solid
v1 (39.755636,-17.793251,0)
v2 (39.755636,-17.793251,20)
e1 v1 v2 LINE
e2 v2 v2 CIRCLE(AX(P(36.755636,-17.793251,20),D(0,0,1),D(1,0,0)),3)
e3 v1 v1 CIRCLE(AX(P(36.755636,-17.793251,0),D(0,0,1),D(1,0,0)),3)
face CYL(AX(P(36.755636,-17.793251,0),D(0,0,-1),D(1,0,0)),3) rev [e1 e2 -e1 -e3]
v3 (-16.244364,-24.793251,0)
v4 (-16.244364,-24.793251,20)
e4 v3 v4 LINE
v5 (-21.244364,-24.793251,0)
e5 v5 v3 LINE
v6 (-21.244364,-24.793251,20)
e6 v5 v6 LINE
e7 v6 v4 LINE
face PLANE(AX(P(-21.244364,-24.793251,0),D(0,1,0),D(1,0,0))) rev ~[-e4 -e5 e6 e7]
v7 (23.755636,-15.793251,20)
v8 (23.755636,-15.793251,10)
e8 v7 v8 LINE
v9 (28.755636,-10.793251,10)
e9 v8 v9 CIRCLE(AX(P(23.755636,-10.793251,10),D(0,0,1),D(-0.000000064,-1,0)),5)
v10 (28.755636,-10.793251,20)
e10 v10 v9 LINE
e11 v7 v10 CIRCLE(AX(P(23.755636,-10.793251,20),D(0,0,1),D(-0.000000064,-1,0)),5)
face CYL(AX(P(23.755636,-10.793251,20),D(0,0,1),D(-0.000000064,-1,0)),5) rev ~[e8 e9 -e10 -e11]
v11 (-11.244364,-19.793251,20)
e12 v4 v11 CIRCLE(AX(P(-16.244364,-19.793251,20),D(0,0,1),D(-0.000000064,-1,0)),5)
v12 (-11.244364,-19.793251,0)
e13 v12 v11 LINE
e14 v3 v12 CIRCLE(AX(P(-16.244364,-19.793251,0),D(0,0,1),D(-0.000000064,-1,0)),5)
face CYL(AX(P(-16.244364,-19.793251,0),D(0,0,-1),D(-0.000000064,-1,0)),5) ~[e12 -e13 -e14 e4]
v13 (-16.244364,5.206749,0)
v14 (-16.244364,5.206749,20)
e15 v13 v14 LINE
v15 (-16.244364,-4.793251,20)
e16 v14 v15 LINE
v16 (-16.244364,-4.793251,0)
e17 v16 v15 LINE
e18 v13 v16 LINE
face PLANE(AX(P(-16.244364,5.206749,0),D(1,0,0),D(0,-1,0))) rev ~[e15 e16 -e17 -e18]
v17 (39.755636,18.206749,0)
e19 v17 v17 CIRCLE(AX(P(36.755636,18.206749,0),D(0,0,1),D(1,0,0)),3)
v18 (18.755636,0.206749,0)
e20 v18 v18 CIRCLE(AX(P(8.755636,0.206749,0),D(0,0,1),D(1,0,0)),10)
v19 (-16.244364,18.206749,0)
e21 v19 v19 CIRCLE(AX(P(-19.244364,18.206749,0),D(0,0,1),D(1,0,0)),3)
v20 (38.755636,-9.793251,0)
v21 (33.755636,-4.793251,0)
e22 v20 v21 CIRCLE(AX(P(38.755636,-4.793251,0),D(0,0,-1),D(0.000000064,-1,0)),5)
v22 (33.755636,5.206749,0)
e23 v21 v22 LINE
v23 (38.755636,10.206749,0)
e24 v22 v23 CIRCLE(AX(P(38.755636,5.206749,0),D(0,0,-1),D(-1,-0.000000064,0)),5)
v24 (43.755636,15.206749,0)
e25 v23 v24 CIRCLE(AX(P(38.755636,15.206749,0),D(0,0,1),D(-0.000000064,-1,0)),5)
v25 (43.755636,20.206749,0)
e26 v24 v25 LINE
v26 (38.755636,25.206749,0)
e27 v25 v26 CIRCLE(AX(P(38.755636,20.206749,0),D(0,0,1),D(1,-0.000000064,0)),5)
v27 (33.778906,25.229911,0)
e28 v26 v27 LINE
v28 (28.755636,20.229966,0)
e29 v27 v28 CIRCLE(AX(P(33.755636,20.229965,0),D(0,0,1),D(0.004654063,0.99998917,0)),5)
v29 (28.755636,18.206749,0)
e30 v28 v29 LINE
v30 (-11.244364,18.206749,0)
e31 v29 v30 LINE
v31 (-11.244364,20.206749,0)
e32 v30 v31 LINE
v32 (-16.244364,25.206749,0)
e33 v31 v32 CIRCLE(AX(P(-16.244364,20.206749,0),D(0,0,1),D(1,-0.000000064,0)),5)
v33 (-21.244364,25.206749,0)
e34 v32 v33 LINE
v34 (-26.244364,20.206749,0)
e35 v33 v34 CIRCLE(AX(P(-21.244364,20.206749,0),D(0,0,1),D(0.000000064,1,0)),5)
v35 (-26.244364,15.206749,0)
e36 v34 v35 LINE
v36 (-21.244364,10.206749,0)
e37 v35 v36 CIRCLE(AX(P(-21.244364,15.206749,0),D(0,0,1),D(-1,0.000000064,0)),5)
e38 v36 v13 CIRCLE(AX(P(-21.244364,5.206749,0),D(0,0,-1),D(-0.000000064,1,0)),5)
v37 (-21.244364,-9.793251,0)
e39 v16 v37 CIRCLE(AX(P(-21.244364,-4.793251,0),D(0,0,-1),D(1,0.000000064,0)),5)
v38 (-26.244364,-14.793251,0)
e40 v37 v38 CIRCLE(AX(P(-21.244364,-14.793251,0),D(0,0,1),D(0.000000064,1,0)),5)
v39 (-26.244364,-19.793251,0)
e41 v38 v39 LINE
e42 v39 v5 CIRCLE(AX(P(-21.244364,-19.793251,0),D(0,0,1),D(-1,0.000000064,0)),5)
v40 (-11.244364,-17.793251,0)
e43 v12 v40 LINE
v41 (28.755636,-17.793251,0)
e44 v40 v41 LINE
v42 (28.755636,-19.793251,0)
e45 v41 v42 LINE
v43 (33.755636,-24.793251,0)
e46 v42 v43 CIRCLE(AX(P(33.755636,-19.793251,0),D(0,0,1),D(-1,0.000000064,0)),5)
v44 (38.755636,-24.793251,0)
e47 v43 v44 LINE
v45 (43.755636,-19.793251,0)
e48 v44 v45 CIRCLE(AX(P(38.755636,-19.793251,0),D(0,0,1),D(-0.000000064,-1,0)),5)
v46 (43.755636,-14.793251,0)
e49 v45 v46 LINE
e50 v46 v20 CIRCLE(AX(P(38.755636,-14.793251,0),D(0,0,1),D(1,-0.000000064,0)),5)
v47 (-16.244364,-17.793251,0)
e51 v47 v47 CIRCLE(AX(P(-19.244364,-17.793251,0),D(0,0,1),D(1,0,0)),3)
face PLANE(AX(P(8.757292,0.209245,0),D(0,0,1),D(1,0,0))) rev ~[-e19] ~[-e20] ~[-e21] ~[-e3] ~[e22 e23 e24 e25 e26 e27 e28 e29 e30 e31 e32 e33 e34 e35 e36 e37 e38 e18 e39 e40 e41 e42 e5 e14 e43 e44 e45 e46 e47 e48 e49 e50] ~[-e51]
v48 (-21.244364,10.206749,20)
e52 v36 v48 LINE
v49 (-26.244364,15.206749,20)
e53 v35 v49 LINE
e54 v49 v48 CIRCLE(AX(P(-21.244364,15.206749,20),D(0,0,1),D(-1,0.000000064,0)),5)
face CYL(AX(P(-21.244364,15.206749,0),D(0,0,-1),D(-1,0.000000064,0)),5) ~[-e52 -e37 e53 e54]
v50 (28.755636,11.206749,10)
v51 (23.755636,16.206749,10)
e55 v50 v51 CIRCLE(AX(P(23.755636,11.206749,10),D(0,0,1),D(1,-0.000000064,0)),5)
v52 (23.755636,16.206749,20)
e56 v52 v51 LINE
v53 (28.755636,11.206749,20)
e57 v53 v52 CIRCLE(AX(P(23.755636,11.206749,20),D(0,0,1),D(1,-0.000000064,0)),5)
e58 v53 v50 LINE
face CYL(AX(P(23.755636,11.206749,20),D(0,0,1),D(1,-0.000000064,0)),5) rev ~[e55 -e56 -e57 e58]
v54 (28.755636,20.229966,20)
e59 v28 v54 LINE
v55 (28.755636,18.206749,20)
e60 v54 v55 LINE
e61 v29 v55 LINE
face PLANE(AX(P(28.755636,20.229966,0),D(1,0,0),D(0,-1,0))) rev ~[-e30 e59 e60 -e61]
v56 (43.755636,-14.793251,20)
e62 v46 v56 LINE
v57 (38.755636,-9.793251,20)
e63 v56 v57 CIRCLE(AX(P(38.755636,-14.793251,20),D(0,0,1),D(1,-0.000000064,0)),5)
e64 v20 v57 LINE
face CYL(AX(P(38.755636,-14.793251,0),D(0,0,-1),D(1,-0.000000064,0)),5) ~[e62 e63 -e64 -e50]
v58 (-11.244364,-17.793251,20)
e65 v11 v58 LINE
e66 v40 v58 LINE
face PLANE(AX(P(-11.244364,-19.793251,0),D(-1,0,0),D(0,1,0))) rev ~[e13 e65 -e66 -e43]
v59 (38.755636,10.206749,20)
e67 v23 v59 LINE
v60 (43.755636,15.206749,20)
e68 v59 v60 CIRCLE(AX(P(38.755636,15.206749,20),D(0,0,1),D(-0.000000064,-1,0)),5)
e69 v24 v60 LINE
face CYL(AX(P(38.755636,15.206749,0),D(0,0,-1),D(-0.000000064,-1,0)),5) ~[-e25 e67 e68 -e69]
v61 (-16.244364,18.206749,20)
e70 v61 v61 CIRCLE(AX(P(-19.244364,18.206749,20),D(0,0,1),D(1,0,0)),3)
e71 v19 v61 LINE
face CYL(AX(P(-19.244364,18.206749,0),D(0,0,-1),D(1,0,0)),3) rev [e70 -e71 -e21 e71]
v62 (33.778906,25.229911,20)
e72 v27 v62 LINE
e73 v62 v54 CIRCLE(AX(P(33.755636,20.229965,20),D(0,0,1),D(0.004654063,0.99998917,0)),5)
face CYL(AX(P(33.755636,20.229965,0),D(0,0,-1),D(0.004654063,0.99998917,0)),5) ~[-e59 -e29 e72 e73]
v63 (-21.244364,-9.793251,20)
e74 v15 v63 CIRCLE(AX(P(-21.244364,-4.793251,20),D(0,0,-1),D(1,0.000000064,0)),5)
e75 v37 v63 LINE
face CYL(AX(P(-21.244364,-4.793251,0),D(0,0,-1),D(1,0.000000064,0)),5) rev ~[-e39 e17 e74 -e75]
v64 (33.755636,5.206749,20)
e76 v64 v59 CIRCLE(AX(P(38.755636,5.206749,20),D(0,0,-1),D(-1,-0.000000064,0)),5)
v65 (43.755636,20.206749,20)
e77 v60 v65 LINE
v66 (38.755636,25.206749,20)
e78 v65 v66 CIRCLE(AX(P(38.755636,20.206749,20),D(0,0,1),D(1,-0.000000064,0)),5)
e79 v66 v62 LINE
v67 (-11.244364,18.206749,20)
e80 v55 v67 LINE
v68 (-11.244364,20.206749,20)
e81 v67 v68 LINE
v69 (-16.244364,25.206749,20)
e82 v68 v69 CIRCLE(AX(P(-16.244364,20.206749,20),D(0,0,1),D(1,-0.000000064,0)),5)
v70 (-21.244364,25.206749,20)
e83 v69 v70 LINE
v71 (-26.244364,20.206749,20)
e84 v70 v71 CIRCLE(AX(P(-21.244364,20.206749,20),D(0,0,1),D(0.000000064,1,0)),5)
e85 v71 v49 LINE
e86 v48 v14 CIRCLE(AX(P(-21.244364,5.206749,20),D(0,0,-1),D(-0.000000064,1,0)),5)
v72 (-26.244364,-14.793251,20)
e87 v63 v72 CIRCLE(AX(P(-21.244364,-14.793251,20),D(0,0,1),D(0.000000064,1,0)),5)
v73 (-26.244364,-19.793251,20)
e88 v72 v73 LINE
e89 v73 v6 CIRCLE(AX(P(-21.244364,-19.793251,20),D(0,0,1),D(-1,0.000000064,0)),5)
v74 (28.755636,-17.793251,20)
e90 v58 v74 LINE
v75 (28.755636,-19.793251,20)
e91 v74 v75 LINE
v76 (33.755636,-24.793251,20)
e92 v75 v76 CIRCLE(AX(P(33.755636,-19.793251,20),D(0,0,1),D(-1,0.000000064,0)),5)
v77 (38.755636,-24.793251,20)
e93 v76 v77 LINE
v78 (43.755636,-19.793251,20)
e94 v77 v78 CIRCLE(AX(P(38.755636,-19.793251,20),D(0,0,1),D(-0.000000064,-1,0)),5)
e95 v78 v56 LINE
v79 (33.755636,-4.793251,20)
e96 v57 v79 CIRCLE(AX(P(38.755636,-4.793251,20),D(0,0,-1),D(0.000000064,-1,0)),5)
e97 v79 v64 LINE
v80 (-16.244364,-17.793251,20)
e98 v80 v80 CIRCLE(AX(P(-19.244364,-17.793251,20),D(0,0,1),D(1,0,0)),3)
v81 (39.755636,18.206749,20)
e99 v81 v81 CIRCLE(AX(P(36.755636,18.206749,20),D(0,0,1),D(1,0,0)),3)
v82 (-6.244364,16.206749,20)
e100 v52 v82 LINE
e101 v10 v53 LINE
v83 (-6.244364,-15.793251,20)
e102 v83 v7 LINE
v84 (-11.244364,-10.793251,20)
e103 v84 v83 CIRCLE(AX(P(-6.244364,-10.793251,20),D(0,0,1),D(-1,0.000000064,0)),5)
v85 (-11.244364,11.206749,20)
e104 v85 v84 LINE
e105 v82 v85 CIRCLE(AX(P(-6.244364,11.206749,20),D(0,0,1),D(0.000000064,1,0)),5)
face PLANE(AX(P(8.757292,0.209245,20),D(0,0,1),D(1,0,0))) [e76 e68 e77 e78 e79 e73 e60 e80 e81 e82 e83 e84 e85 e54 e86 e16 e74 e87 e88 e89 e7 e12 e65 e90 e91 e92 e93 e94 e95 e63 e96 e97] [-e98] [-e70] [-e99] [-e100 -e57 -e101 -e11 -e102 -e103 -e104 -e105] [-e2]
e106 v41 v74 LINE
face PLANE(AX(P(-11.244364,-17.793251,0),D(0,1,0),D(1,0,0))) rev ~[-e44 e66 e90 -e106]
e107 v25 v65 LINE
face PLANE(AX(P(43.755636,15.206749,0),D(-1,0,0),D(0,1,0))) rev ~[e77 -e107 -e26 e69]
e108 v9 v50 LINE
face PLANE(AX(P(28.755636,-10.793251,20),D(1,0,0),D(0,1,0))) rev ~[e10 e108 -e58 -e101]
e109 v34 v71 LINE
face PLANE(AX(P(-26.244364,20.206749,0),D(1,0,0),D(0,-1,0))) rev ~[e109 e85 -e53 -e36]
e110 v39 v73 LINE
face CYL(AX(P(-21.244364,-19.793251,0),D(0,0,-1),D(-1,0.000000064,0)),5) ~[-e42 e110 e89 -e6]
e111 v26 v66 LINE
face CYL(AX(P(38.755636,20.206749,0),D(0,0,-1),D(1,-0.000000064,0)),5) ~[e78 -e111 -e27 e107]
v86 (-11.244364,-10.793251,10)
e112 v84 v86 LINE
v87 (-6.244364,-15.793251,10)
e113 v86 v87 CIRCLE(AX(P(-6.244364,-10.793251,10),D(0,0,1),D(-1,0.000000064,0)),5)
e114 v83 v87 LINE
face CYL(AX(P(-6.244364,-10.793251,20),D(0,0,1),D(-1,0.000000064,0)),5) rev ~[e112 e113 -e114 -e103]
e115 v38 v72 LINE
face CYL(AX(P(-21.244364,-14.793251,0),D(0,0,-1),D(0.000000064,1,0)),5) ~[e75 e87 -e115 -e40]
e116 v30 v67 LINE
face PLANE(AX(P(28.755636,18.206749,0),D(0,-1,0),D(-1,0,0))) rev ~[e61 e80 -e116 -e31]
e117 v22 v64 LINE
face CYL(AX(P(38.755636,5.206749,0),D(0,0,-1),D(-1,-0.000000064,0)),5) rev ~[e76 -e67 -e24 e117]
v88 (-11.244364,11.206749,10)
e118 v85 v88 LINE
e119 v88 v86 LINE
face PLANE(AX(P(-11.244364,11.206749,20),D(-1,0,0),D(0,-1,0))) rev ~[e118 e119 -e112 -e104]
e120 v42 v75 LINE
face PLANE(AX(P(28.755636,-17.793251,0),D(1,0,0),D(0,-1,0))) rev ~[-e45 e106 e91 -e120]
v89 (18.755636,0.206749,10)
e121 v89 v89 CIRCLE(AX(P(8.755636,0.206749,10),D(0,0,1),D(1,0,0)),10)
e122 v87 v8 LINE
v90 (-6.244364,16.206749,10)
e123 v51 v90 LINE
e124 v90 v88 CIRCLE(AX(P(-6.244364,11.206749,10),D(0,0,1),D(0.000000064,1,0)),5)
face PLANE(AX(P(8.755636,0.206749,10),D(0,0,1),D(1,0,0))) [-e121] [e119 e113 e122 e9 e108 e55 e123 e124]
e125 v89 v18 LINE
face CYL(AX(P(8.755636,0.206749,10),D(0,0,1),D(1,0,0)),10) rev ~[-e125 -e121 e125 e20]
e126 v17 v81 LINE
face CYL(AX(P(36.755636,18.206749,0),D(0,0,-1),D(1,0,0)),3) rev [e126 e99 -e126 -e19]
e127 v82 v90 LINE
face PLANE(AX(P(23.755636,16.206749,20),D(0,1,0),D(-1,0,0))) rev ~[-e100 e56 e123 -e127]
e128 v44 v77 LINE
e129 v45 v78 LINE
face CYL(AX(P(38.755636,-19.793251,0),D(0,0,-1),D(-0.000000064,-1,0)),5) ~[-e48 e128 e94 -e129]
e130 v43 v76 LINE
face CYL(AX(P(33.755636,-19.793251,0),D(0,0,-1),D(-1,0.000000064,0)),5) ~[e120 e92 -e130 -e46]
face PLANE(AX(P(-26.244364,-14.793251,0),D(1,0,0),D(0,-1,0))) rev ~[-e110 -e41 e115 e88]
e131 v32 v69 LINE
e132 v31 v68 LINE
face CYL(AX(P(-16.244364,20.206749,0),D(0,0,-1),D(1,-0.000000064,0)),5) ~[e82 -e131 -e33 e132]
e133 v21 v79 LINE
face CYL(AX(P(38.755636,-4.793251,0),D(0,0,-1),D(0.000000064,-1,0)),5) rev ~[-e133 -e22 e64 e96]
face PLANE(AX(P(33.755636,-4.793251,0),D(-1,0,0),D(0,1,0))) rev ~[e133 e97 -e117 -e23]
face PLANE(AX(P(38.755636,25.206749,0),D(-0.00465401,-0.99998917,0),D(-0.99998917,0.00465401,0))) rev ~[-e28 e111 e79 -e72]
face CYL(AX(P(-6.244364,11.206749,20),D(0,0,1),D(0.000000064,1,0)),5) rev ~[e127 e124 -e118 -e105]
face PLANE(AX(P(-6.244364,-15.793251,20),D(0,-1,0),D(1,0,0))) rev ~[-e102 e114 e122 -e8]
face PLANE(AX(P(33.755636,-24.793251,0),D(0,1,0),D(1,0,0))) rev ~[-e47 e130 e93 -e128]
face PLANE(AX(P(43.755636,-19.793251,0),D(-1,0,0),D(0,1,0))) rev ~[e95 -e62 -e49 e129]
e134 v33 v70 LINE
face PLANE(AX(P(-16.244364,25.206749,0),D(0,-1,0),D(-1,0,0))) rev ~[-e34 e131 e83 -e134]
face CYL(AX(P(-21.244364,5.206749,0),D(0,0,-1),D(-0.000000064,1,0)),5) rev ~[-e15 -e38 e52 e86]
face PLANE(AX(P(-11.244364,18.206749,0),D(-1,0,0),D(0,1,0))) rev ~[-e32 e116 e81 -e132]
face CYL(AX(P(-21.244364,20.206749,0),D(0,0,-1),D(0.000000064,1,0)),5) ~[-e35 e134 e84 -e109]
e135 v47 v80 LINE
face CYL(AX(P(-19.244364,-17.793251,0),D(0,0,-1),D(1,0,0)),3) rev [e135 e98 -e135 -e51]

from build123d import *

# Parameters (mm, degrees)
F0_R     = 3
F1_DEPTH = 20
F3_DEPTH = 10
F4_R     = 10
F5_DEPTH = 20


with BuildPart() as f1:
    # F0 (on Top) → F1 (new body)
    with BuildSketch(Plane.XY):
        with BuildLine():
            Line((-16.244364, 25.206749), (-21.244364, 25.206749))
            ThreePointArc((-21.244364, 25.206749), (-24.779898, 23.742283), (-26.244364, 20.206749))
            Line((-26.244364, 20.206749), (-26.244364, 15.206749))
            ThreePointArc((-26.244364, 15.206749), (-24.779898, 11.671215), (-21.244364, 10.206749))
            ThreePointArc((-21.244364, 10.206749), (-17.70883, 8.742283), (-16.244364, 5.206749))
            Line((-16.244364, 5.206749), (-16.244364, -4.793251))
            ThreePointArc((-16.244364, -4.793251), (-17.70883, -8.328785), (-21.244364, -9.793251))
            ThreePointArc((-21.244364, -9.793251), (-24.779898, -11.257717), (-26.244364, -14.793251))
            Line((-26.244364, -14.793251), (-26.244364, -19.793251))
            ThreePointArc((-26.244364, -19.793251), (-24.779898, -23.328785), (-21.244364, -24.793251))
            Line((-21.244364, -24.793251), (-16.244364, -24.793251))
            ThreePointArc((-16.244364, -24.793251), (-12.70883, -23.328785), (-11.244364, -19.793251))
            Line((-11.244364, -19.793251), (-11.244364, -17.793251))
            Line((-11.244364, -17.793251), (28.755636, -17.793251))
            Line((28.755636, -17.793251), (28.755636, -19.793251))
            ThreePointArc((28.755636, -19.793251), (30.220102, -23.328785), (33.755636, -24.793251))
            Line((33.755636, -24.793251), (38.755636, -24.793251))
            ThreePointArc((38.755636, -24.793251), (42.29117, -23.328785), (43.755636, -19.793251))
            Line((43.755636, -19.793251), (43.755636, -14.793251))
            ThreePointArc((43.755636, -14.793251), (42.29117, -11.257717), (38.755636, -9.793251))
            ThreePointArc((38.755636, -9.793251), (35.220102, -8.328785), (33.755636, -4.793251))
            Line((33.755636, -4.793251), (33.755636, 5.206749))
            ThreePointArc((33.755636, 5.206749), (35.220102, 8.742283), (38.755636, 10.206749))
            ThreePointArc((38.755636, 10.206749), (42.29117, 11.671215), (43.755636, 15.206749))
            Line((43.755636, 15.206749), (43.755636, 20.206749))
            ThreePointArc((43.755636, 20.206749), (42.29117, 23.742283), (38.755636, 25.206749))
            Line((38.755636, 25.206749), (33.778906, 25.229911))
            ThreePointArc((33.778906, 25.229911), (30.228339, 23.773717), (28.755636, 20.229966))
            Line((28.755636, 20.229966), (28.755636, 18.206749))
            Line((28.755636, 18.206749), (-11.244364, 18.206749))
            Line((-11.244364, 18.206749), (-11.244364, 20.206749))
            ThreePointArc((-11.244364, 20.206749), (-12.70883, 23.742283), (-16.244364, 25.206749))
        make_face()
        with Locations((-19.244364, -17.793251)):
            Circle(F0_R, mode=Mode.SUBTRACT)
        with Locations((36.755636, -17.793251)):
            Circle(F0_R, mode=Mode.SUBTRACT)
        with Locations((-19.244364, 18.206749)):
            Circle(F0_R, mode=Mode.SUBTRACT)
        with Locations((36.755636, 18.206749)):
            Circle(F0_R, mode=Mode.SUBTRACT)
    extrude(amount=F1_DEPTH)

    # F2 (on face) → F3 (cut)
    with BuildSketch(Plane.XY.offset(20)):
        with BuildLine():
            Line((23.755636, 16.206749), (-6.244364, 16.206749))
            ThreePointArc((-6.244364, 16.206749), (-9.779898, 14.742283), (-11.244364, 11.206749))
            Line((-11.244364, 11.206749), (-11.244364, -10.793251))
            ThreePointArc((-11.244364, -10.793251), (-9.779898, -14.328785), (-6.244364, -15.793251))
            Line((-6.244364, -15.793251), (23.755636, -15.793251))
            ThreePointArc((23.755636, -15.793251), (27.29117, -14.328785), (28.755636, -10.793251))
            Line((28.755636, -10.793251), (28.755636, 11.206749))
            ThreePointArc((28.755636, 11.206749), (27.29117, 14.742283), (23.755636, 16.206749))
        make_face()
    extrude(amount=-F3_DEPTH, mode=Mode.SUBTRACT)

    # F4 (on face) → F5 (cut)
    with BuildSketch(Plane.XY.offset(10)):
        with Locations((8.755636, 0.206749)):
            Circle(F4_R)
    extrude(amount=-F5_DEPTH, mode=Mode.SUBTRACT)


solid = f1.part
